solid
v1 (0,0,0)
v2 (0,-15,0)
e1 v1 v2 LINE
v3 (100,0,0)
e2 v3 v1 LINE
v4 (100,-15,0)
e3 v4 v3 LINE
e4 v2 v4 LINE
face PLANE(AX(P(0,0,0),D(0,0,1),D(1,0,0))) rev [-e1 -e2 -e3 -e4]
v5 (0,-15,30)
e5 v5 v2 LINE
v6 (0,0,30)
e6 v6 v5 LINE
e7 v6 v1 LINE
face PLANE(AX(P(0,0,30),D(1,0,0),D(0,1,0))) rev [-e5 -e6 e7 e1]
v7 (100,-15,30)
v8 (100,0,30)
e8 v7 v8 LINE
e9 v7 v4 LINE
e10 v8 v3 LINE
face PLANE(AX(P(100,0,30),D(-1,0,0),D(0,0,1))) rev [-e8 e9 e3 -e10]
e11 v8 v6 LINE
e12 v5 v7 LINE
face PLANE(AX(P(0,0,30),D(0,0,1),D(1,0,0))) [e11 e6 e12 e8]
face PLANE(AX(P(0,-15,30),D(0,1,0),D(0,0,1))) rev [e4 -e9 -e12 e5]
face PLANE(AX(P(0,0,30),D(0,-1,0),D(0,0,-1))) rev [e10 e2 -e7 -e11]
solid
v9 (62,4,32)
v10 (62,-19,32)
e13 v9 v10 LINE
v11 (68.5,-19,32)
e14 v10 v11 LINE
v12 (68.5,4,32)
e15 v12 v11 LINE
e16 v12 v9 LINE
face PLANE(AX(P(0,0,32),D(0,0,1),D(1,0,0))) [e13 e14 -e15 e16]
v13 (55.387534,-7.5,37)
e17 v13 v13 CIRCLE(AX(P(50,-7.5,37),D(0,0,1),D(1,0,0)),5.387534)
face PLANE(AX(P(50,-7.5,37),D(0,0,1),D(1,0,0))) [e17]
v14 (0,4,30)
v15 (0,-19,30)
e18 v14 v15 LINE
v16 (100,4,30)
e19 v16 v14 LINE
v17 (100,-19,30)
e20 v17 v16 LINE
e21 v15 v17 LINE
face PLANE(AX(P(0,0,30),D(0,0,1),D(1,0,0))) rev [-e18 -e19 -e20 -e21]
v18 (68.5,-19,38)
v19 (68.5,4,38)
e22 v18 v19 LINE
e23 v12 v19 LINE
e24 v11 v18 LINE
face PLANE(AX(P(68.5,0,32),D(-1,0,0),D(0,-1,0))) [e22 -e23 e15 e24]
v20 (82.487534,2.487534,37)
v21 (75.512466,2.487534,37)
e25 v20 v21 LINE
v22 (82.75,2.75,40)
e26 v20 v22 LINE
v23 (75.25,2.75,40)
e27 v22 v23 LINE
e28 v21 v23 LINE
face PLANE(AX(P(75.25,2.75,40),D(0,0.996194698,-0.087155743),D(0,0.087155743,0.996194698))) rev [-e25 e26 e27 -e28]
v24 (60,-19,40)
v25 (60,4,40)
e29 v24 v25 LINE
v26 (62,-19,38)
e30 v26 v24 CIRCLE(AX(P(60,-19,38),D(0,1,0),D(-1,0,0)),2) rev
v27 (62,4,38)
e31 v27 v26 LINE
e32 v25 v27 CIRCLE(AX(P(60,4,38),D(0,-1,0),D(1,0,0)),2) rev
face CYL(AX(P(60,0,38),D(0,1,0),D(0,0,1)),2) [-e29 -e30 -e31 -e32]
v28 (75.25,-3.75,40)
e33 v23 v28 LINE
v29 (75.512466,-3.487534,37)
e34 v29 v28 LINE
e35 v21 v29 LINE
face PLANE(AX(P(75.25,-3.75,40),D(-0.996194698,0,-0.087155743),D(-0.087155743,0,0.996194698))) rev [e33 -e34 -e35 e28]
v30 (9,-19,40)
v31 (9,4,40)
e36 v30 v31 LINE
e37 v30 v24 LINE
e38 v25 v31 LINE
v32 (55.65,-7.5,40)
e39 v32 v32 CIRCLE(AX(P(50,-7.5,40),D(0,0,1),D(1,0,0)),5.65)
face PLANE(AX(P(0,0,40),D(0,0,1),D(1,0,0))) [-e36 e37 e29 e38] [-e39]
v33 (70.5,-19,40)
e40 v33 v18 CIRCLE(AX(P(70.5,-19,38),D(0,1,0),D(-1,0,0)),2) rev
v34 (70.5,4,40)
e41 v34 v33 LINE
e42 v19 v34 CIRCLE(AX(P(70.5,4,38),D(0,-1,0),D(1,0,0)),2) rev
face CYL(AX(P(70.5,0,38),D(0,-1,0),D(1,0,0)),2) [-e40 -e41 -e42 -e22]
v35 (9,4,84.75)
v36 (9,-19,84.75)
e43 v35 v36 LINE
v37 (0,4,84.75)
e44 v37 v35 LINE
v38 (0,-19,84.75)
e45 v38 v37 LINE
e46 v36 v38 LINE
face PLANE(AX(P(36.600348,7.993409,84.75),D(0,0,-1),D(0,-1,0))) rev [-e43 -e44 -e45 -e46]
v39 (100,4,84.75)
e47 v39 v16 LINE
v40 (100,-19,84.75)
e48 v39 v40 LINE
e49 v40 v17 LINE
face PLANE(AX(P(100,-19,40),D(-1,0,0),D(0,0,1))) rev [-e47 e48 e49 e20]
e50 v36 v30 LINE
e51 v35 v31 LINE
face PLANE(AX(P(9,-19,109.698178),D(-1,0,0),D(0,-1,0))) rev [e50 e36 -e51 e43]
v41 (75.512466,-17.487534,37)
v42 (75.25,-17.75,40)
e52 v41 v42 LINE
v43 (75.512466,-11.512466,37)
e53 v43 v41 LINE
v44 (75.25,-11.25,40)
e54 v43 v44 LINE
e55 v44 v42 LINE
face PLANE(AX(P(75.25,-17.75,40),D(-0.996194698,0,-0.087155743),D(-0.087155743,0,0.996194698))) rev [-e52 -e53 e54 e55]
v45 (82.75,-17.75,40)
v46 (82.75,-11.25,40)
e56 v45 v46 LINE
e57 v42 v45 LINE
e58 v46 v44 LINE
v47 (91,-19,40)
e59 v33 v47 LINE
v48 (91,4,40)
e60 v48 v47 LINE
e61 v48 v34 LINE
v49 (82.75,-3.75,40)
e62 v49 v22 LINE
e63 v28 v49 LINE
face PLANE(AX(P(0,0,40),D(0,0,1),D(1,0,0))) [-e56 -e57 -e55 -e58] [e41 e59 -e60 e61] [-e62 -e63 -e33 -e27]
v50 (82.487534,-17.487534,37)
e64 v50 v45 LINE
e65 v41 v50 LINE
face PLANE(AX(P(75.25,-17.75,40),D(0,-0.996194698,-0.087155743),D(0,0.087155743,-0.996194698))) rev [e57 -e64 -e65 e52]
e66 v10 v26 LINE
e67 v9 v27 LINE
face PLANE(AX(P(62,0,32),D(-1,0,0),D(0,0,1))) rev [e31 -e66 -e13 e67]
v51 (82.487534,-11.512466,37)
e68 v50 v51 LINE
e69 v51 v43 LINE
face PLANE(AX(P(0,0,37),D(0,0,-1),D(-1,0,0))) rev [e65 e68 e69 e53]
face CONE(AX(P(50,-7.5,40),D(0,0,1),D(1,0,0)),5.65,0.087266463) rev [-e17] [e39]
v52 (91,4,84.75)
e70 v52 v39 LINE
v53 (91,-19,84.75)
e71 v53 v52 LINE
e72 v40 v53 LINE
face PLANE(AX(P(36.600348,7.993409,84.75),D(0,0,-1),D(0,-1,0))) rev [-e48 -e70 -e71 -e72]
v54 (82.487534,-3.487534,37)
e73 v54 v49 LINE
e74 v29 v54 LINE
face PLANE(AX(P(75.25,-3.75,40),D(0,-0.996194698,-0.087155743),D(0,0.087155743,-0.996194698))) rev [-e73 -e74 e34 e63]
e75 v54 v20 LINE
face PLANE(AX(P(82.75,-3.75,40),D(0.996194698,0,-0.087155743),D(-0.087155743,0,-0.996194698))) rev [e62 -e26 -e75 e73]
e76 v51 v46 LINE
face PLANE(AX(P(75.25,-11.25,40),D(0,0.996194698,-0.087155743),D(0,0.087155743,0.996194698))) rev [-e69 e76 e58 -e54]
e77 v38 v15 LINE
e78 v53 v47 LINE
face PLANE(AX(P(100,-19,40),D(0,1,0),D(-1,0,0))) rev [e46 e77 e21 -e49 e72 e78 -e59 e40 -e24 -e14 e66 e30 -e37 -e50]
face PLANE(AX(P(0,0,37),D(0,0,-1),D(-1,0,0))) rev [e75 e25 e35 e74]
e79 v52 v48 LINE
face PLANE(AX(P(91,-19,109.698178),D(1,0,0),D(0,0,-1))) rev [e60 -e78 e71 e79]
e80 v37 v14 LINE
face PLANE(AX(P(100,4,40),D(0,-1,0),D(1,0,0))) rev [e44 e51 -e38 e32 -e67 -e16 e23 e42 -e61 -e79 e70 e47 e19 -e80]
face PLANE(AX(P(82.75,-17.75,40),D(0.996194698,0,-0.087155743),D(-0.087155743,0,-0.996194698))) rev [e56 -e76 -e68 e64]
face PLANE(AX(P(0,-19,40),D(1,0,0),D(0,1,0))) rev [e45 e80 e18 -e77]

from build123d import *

# Parameters (mm, degrees)
SKETCH1_W                 = 100
SKETCH1_H                 = 15
CARRIAGE_BOTTOM_DEPTH     = 30
SKETCH2_W                 = 100
SKETCH2_H                 = 23
PLEXI_STAND_DEPTH         = 10
SKETCH8_W                 = 6.5
SKETCH8_H                 = 23
HOLE_FOR_WIRES_DEPTH      = 8
FILLET1_R                 = 2
SKETCH9_W                 = 9
SKETCH9_H                 = 23
BRACKET_HOLDERS_DEPTH     = 44.75
SKETCH10_R                = 5.65
FIT_HOLES_DEPTH           = 3
FIT_HOLES_DRAFT           = -5
SKETCH10_W                = 7.5
SKETCH10_H                = 6.5
FIT_HOLES_PROFILE_2_DEPTH = 3
FIT_HOLES_PROFILE_2_DRAFT = -5
FIT_HOLES_PROFILE_3_DEPTH = 3
FIT_HOLES_PROFILE_3_DRAFT = -5


with BuildPart() as part:
    # Sketch1 → carriage bottom (new body)
    with BuildSketch(Plane.XY):
        with Locations((50, -7.5)):
            Rectangle(SKETCH1_W, SKETCH1_H)
    extrude(amount=CARRIAGE_BOTTOM_DEPTH)


with BuildPart() as body_2:
    # Sketch2 → plexi stand (new body)
    with BuildSketch(Plane.XY.offset(30)):
        with Locations((50, -7.5)):
            Rectangle(SKETCH2_W, SKETCH2_H)
    extrude(amount=PLEXI_STAND_DEPTH)

    # Sketch8 → hole for wires (cut)
    with BuildSketch(Plane.XY.offset(40)):
        with Locations((65.25, -7.5)):
            Rectangle(SKETCH8_W, SKETCH8_H)
    extrude(amount=-HOLE_FOR_WIRES_DEPTH, mode=Mode.SUBTRACT)

    # Fillet1
    fillet1_edges = [body_2.edges().sort_by_distance(p)[0] for p in [
        (68.5, -7.5, 40),
        (62, -7.5, 40),
    ]]
    fillet(fillet1_edges, radius=FILLET1_R)

    # Sketch9 → bracket holders (add)
    with BuildSketch(Plane.XY.offset(40)):
        with Locations((95.5, -7.5)):
            Rectangle(SKETCH9_W, SKETCH9_H)
        with Locations((4.5, -7.5)):
            Rectangle(SKETCH9_W, SKETCH9_H)
    extrude(amount=BRACKET_HOLDERS_DEPTH)


with BuildPart() as fit_holes_tool:
    # Sketch10 → fit holes (with draft: the straight prism first)
    with BuildSketch(Plane.XY.offset(40)):
        with Locations((50, -7.5)):
            Circle(SKETCH10_R)
    extrude(amount=-FIT_HOLES_DEPTH)
    # fit holes: the draft: its side faces are tilted about the plane it starts from
    fit_holes_sides = [fit_holes_tool.faces().sort_by_distance(p)[0] for p in [
        (44.35, -7.5, 38.5),
    ]]
    draft(fit_holes_sides, Plane.XY.offset(40), FIT_HOLES_DRAFT)


with BuildPart() as body_2_1:
    add(body_2.part)

    # fit holes: cut by fit_holes_tool
    add(fit_holes_tool.part, mode=Mode.SUBTRACT)


with BuildPart() as fit_holes_profile_2_tool:
    # Sketch10 → fit holes profile 2 (with draft: the straight prism first)
    with BuildSketch(Plane.XY.offset(40)):
        with Locations((79, -14.5)):
            Rectangle(SKETCH10_W, SKETCH10_H)
    extrude(amount=-FIT_HOLES_PROFILE_2_DEPTH)
    # fit holes profile 2: the draft: its side faces are tilted about the plane it starts from
    fit_holes_profile_2_sides = [fit_holes_profile_2_tool.faces().sort_by_distance(p)[0] for p in [
        (79, -17.75, 38.5),
        (82.75, -14.5, 38.5),
        (79, -11.25, 38.5),
        (75.25, -14.5, 38.5),
    ]]
    draft(fit_holes_profile_2_sides, Plane.XY.offset(40), FIT_HOLES_PROFILE_2_DRAFT)


with BuildPart() as body_2_2:
    add(body_2_1.part)

    # fit holes profile 2: cut by fit_holes_profile_2_tool
    add(fit_holes_profile_2_tool.part, mode=Mode.SUBTRACT)


with BuildPart() as fit_holes_profile_3_tool:
    # Sketch10 → fit holes profile 3 (with draft: the straight prism first)
    with BuildSketch(Plane.XY.offset(40)):
        with Locations((79, -0.5)):
            Rectangle(SKETCH10_W, SKETCH10_H)
    extrude(amount=-FIT_HOLES_PROFILE_3_DEPTH)
    # fit holes profile 3: the draft: its side faces are tilted about the plane it starts from
    fit_holes_profile_3_sides = [fit_holes_profile_3_tool.faces().sort_by_distance(p)[0] for p in [
        (79, -3.75, 38.5),
        (82.75, -0.5, 38.5),
        (79, 2.75, 38.5),
        (75.25, -0.5, 38.5),
    ]]
    draft(fit_holes_profile_3_sides, Plane.XY.offset(40), FIT_HOLES_PROFILE_3_DRAFT)


with BuildPart() as body_2_3:
    add(body_2_2.part)

    # fit holes profile 3: cut by fit_holes_profile_3_tool
    add(fit_holes_profile_3_tool.part, mode=Mode.SUBTRACT)


solid = Compound([part.part, body_2_3.part])
